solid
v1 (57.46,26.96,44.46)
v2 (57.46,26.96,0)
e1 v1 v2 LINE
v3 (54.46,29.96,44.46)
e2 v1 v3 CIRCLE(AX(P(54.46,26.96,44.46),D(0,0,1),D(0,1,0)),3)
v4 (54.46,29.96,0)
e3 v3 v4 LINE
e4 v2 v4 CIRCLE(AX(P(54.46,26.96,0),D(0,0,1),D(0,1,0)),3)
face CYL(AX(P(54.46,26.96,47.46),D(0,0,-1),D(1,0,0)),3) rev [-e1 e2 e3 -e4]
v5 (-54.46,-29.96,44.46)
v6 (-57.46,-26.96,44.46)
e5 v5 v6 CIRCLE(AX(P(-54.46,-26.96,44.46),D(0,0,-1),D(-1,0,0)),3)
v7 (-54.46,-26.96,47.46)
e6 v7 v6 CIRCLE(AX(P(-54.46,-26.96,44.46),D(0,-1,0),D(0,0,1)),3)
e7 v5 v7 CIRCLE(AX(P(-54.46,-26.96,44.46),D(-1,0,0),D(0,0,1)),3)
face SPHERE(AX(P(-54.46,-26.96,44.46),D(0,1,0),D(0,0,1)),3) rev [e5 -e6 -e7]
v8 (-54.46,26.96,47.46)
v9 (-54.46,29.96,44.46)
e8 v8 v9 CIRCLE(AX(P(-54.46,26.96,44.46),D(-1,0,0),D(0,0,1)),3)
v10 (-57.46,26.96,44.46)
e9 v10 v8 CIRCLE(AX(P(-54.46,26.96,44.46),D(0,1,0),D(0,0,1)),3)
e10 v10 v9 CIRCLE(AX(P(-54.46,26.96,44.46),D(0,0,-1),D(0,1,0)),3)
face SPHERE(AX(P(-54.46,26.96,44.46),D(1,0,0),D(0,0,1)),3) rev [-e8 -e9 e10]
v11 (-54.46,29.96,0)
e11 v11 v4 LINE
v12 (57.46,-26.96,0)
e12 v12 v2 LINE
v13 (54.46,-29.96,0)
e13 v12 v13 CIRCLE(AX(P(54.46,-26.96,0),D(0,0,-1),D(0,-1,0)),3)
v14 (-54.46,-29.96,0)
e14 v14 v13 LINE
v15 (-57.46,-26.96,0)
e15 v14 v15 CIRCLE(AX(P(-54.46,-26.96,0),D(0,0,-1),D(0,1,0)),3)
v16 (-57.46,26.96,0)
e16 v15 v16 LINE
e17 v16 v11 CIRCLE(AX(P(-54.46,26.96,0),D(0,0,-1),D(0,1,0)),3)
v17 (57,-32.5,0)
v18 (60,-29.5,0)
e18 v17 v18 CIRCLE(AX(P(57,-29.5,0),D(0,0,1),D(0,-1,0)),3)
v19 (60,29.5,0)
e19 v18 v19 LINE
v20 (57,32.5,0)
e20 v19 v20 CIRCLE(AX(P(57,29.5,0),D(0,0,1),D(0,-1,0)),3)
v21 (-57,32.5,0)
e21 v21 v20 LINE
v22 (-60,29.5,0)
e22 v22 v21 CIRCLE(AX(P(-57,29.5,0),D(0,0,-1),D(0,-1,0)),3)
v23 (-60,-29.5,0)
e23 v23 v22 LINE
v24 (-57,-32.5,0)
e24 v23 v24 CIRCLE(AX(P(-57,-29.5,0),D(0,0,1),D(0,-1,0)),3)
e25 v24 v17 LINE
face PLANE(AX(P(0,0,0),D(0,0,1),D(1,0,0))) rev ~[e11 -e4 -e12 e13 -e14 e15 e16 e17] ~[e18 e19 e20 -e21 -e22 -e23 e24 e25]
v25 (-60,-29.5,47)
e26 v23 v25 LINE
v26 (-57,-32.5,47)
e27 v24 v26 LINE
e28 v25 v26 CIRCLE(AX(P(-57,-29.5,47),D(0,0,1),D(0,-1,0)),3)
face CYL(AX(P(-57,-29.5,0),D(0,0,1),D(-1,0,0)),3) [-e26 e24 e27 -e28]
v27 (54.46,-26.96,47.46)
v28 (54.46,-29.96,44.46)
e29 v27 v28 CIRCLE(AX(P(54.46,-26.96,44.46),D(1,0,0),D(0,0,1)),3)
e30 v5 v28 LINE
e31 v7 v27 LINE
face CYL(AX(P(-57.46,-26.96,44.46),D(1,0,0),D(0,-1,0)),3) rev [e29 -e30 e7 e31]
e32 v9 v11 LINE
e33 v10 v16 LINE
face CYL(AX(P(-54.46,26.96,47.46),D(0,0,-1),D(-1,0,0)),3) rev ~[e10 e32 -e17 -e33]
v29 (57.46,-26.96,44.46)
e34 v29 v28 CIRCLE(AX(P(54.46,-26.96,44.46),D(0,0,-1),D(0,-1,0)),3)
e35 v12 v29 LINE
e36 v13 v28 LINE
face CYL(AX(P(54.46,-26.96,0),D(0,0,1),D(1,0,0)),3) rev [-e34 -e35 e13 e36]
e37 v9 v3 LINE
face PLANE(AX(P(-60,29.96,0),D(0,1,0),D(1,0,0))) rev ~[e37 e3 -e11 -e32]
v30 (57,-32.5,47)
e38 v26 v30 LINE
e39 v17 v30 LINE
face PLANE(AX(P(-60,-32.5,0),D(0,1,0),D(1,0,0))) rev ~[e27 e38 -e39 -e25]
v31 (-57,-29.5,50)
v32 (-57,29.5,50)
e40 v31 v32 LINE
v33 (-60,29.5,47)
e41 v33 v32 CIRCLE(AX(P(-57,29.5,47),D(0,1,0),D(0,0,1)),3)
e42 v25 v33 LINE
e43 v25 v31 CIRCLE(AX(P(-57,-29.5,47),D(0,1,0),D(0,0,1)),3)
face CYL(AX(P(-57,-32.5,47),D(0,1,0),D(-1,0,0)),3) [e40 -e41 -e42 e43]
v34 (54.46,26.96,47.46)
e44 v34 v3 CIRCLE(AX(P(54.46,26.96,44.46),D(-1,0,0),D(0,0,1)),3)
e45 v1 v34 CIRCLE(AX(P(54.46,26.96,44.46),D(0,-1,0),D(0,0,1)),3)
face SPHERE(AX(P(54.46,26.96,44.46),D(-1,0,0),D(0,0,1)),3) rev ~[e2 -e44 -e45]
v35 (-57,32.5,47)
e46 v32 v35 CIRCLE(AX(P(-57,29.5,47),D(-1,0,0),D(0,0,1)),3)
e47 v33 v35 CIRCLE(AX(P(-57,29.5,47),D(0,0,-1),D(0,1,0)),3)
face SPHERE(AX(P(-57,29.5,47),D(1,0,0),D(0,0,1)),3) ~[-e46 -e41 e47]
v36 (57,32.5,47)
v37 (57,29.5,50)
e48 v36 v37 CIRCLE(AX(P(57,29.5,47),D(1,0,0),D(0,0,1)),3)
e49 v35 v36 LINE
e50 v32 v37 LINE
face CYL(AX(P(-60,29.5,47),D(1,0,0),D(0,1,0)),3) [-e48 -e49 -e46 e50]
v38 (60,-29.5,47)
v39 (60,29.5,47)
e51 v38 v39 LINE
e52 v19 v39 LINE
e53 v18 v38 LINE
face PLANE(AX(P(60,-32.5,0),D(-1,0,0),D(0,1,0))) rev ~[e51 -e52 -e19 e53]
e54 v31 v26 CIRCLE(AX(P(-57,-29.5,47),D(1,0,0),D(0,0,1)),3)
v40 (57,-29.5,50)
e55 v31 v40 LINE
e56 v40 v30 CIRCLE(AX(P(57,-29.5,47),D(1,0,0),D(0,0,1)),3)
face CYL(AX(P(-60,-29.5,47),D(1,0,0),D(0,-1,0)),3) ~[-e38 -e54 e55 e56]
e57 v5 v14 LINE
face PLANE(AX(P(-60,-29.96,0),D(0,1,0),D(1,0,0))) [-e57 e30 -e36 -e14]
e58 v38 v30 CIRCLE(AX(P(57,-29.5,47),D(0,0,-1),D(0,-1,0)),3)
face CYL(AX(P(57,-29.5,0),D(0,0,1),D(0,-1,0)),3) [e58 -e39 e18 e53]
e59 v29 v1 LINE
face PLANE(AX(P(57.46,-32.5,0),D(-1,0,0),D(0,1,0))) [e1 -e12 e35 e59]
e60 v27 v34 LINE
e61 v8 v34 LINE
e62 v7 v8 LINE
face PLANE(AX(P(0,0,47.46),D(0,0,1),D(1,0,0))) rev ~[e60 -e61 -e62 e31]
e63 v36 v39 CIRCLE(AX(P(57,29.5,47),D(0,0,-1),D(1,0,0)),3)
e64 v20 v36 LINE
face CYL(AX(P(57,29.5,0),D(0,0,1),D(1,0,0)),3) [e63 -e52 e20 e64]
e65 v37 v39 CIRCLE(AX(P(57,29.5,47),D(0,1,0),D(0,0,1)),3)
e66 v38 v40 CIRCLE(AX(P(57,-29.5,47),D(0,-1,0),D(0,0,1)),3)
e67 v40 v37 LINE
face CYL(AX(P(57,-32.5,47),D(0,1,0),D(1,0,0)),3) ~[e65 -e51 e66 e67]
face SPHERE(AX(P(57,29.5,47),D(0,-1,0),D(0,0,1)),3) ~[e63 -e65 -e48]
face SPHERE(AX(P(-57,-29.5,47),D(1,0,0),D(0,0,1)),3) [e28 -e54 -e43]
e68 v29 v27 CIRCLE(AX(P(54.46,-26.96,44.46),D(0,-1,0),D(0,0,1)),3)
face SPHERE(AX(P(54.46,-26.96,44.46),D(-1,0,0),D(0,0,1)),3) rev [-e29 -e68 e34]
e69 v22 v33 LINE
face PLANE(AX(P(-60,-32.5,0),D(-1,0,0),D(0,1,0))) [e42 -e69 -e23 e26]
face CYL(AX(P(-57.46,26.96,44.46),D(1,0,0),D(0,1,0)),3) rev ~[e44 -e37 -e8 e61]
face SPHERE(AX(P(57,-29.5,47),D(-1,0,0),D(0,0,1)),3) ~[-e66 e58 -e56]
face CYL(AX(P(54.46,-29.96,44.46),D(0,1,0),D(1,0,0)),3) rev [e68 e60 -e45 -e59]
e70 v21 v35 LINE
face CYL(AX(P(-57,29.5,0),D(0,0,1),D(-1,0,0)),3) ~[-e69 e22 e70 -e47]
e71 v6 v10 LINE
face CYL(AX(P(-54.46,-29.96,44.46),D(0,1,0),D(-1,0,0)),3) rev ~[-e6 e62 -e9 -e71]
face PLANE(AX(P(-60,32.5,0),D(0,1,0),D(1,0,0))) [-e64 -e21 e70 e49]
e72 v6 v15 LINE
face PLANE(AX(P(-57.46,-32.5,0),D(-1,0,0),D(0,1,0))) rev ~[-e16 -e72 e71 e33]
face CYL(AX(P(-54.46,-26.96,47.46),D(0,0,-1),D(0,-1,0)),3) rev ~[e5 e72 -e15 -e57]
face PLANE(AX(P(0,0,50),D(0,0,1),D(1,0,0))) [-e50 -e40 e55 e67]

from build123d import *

# Parameters (mm, degrees)
F0_W     = 120
F0_H     = 65
F1_DEPTH = 50
F2_T     = -2.54
F3_R     = 3
F4_R     = 3


with BuildPart() as f1:
    # F0 (on Top) → F1 (new body)
    with BuildSketch(Plane.XY):
        Rectangle(F0_W, F0_H)
    extrude(amount=F1_DEPTH)

    # F2
    f2_openings = [f1.faces().sort_by_distance(p)[0] for p in [
        (0, 0, 0),
    ]]
    offset(amount=F2_T, openings=f2_openings)

    # F3
    f3_edges = [f1.edges().sort_by_distance(p)[0] for p in [
        (0, -32.5, 50),
        (60, 0, 50),
        (0, 32.5, 50),
        (-60, 0, 50),
        (-60, 32.5, 25),
        (60, 32.5, 25),
        (60, -32.5, 25),
        (-60, -32.5, 25),
    ]]
    fillet(f3_edges, radius=F3_R)

    # F4
    f4_edges = [f1.edges().sort_by_distance(p)[0] for p in [
        (0, 29.96, 47.46),
        (-57.46, 0, 47.46),
        (0, -29.96, 47.46),
        (57.46, 0, 47.46),
        (57.46, -29.96, 23.73),
        (57.46, 29.96, 23.73),
        (-57.46, 29.96, 23.73),
        (-57.46, -29.96, 23.73),
    ]]
    fillet(f4_edges, radius=F4_R)


solid = f1.part
